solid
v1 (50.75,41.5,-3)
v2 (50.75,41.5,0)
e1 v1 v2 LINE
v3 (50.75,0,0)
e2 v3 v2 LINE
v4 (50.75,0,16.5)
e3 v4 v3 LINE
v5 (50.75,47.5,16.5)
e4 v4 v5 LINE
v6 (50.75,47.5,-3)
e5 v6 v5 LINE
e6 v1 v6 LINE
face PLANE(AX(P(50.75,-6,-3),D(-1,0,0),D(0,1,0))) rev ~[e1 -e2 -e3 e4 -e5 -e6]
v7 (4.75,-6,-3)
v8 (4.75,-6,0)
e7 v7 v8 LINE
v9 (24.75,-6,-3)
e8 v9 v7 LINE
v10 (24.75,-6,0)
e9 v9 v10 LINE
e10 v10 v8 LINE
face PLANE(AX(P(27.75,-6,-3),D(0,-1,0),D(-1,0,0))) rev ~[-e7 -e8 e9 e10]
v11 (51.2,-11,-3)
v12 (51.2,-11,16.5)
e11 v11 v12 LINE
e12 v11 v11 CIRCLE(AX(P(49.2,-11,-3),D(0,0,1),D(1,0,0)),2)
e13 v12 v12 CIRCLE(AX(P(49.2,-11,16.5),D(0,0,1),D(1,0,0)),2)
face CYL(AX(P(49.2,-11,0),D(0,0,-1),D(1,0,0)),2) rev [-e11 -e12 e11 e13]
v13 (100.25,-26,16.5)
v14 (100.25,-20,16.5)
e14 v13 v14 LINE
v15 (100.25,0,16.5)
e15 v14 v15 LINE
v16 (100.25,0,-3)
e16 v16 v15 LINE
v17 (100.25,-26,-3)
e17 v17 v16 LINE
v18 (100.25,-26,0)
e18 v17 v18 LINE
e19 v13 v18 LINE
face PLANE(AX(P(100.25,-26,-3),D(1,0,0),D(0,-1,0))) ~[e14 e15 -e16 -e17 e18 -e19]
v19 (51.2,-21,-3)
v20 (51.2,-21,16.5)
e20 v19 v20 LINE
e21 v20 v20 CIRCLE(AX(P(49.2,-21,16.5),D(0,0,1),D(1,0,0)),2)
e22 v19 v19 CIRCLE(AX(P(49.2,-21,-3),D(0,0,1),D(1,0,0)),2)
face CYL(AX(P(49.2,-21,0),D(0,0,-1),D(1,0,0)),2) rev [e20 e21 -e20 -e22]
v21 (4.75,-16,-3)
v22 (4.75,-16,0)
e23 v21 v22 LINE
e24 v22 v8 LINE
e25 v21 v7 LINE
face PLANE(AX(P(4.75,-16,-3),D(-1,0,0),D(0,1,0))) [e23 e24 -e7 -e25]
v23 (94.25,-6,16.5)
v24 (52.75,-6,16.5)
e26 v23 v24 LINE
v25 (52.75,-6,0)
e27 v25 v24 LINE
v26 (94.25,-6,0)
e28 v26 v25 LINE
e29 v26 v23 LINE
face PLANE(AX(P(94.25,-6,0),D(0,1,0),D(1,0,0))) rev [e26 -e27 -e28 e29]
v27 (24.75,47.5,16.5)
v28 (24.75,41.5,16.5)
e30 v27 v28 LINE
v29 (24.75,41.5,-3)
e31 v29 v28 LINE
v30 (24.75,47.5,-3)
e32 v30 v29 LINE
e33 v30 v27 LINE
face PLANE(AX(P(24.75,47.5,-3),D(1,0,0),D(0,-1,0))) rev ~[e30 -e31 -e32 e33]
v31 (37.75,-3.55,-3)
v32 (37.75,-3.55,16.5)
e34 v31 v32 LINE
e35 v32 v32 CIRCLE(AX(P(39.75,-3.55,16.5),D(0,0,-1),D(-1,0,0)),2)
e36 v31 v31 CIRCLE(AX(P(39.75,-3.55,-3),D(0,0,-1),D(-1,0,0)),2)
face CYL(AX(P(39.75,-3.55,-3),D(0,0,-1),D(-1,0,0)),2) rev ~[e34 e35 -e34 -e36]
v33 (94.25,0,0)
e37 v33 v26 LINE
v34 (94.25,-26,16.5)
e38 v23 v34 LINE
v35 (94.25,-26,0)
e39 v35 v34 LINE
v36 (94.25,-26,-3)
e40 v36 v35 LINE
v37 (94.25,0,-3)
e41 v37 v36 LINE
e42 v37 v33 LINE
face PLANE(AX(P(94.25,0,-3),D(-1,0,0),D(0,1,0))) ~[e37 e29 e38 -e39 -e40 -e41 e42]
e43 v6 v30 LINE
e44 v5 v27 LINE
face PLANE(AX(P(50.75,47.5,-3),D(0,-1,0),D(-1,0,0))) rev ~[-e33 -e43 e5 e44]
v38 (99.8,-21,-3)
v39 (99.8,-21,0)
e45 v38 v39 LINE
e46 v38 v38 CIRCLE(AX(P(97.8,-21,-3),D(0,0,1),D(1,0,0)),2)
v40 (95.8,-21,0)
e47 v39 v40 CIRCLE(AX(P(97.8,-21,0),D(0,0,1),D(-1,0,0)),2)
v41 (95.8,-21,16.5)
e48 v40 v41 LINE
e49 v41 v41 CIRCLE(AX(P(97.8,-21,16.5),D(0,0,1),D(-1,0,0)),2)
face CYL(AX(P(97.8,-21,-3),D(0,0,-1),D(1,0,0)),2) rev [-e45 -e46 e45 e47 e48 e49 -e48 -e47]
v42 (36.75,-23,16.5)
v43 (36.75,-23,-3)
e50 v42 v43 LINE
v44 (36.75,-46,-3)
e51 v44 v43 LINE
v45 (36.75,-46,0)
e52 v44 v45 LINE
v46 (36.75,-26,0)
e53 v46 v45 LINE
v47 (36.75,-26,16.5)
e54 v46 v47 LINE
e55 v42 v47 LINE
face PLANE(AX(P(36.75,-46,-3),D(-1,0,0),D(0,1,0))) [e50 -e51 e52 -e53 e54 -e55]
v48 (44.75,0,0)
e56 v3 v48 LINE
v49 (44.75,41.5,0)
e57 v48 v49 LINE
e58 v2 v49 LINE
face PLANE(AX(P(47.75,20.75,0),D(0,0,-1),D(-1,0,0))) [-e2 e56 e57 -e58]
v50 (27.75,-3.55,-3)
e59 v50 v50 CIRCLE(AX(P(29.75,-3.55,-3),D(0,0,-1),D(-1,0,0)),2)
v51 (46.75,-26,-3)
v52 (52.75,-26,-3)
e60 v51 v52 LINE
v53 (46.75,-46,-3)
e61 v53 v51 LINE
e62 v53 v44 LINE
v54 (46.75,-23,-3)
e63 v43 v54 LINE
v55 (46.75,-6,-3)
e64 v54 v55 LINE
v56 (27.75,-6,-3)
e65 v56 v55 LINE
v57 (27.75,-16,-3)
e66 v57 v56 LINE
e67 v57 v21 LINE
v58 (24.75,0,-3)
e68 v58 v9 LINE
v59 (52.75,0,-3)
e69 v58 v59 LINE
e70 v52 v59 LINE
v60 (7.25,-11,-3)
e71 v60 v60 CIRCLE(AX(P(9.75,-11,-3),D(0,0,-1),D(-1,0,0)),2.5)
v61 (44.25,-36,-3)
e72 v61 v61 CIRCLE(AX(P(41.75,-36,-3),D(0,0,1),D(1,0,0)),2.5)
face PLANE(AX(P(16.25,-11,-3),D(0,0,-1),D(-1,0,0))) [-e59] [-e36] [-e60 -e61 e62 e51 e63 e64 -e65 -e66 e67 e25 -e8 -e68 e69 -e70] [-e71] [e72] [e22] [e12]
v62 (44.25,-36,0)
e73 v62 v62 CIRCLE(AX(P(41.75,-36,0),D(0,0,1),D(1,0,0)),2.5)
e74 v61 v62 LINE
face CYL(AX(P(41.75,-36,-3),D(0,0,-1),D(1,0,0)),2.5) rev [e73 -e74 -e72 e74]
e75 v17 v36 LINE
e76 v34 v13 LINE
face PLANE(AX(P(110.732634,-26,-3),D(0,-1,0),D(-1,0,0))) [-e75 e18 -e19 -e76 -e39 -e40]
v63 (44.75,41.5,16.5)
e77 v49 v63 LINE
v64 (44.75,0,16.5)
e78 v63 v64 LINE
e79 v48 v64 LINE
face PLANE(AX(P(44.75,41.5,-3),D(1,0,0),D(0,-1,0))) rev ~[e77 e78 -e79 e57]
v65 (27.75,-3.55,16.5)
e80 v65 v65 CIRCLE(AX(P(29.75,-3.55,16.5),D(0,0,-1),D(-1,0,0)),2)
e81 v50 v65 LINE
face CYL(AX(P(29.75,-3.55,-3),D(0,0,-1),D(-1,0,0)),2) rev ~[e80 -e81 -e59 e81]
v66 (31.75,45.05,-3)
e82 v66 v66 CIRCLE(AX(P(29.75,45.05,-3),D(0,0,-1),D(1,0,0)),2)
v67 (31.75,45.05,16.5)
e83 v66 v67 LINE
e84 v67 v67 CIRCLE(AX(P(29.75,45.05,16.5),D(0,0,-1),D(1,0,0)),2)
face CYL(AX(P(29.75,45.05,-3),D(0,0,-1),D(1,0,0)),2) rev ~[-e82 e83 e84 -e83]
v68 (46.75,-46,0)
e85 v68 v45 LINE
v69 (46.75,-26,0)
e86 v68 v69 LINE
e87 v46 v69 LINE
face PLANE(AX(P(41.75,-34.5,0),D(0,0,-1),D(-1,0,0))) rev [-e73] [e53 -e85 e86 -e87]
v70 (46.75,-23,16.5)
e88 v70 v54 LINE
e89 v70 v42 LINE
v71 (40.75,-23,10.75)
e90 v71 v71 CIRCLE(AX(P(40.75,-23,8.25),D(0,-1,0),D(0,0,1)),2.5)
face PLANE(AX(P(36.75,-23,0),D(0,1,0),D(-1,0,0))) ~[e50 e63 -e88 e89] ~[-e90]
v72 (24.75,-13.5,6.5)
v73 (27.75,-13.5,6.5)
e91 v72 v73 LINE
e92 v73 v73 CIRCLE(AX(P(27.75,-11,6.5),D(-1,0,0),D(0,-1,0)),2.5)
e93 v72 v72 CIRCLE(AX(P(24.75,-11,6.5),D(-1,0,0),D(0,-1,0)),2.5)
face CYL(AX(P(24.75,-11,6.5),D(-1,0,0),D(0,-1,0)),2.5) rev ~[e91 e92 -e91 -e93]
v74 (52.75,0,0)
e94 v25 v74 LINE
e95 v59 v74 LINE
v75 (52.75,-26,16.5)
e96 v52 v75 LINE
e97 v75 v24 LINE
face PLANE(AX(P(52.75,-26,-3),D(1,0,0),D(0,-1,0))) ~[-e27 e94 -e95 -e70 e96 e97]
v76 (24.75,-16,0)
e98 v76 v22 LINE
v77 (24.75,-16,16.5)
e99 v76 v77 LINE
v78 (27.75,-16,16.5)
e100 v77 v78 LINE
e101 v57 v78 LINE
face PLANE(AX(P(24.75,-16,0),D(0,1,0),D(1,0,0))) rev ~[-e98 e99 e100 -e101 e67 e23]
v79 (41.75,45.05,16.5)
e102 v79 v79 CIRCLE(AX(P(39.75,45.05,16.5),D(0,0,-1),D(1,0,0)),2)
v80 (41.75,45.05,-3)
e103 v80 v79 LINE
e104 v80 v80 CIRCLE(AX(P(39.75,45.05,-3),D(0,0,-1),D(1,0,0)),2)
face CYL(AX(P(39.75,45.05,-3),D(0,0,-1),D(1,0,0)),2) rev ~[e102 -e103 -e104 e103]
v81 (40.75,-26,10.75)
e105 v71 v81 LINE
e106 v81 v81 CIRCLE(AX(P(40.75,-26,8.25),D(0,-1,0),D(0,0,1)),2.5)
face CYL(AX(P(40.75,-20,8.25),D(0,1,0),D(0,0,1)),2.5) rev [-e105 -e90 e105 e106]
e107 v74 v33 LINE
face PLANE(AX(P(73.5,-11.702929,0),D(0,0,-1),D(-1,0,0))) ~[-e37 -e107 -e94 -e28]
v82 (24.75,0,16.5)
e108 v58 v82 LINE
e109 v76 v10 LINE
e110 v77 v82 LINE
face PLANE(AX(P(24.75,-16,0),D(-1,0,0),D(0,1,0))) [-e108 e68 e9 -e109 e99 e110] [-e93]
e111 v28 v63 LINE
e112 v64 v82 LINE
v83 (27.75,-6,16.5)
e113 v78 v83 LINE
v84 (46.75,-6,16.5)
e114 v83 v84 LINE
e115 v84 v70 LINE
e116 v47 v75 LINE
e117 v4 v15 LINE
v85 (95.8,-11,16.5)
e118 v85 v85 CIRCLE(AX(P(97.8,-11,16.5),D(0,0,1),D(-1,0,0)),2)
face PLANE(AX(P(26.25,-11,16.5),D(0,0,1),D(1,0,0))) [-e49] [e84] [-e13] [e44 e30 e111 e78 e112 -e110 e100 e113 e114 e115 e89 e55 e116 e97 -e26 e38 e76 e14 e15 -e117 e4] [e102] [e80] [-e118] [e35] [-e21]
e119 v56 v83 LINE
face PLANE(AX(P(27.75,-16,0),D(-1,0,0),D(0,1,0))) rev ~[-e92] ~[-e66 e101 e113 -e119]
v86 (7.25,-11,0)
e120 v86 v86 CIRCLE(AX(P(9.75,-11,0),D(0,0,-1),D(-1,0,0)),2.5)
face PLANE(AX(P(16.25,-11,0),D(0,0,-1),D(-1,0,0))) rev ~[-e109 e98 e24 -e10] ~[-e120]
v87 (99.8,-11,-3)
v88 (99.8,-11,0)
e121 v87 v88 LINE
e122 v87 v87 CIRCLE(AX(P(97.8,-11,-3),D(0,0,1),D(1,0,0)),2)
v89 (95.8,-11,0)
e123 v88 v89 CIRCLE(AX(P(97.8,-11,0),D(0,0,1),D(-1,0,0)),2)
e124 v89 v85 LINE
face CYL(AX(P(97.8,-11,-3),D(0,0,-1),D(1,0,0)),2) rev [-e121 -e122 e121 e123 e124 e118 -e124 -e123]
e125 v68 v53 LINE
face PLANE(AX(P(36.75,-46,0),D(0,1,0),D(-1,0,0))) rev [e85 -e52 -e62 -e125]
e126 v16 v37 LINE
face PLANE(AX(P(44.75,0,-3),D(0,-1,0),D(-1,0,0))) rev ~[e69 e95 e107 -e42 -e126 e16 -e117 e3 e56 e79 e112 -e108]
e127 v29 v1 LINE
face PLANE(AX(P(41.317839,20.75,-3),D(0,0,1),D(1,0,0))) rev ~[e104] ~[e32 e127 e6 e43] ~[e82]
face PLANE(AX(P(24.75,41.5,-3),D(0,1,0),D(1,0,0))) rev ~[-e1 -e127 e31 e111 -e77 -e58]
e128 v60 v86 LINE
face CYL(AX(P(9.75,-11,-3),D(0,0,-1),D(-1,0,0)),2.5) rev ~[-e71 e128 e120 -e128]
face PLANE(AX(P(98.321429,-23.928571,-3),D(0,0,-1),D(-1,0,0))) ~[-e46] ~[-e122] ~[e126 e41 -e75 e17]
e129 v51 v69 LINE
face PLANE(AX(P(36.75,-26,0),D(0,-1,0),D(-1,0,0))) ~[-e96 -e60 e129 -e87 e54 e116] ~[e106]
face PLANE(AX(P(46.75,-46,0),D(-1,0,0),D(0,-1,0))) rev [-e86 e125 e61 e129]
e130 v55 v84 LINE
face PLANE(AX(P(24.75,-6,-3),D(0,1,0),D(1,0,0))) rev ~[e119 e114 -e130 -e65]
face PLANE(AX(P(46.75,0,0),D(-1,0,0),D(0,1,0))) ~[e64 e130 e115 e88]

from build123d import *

# Parameters (mm, degrees)
EXTRUDE_1_DEPTH      = 16.5
SKETCH_2_R           = 2.5
CUT_EXTRUDE_1_DEPTH  = 16.5
SKETCH_3_W           = 10
SKETCH_3_H           = 16.5
CUT_EXTRUDE_2_DEPTH  = 3
SKETCH_4_W           = 11.896315449
SKETCH_4_H           = 29.084641161
CUT_EXTRUDE_3_DEPTH  = 48.945933091
SKETCH_5_R           = 2
CUT_EXTRUDE_4_DEPTH  = 48.945933091
SKETCH_6_W           = 10
SKETCH_6_H           = 23
EXTRUDE_2_DEPTH      = 3
SKETCH_7_R           = 2.5
CUT_EXTRUDE_5_DEPTH  = 3
EXTRUDE_START        = 3
SKETCH_8_R           = 2
SKETCH_8_W           = 6
SKETCH_8_H           = 26
EXTRUDE_3_DEPTH      = 3
SKETCH_9_R           = 2.5
CUT_EXTRUDE_6_DEPTH  = 3
SKETCH_10_W          = 74.694005649
SKETCH_10_H          = 52.095093629
CUT_EXTRUDE_7_DEPTH  = 116.604119736
SKETCH_11_W          = 16.482634167
SKETCH_11_H          = 25.810545036
CUT_EXTRUDE_8_DEPTH  = 10
SKETCH_13_R          = 2
EXTRUDE_4_DEPTH      = 19.5
SKETCH_14_W          = 6
SKETCH_14_H          = 41.5
CUT_EXTRUDE_9_DEPTH  = 3
SKETCH_15_W          = 23
SKETCH_15_H          = 10
SKETCH_15_R          = 2.5
EXTRUDE_5_DEPTH      = 3
SKETCH_16_W          = 3
SKETCH_16_H          = 10
EXTRUDE_6_DEPTH      = 16.5
SKETCH_17_R          = 2.5
CUT_EXTRUDE_10_DEPTH = 3


with BuildPart() as part:
    # 草图1 → 凸台-拉伸1 (new body)
    with BuildSketch(Plane.XY):
        Polygon((0, 0), (26.75, 0), (26.75, -20), (36.75, -20), (36.75, -26), (20.75, -26), (20.75, -6), (0, -6), (-20.75, -6), (-20.75, -26), (-36.75, -26), (-36.75, -20), (-26.75, -20), (-26.75, 0), align=None)
    extrude(amount=EXTRUDE_1_DEPTH)

    # 草图2 → 切除-拉伸1 (cut)
    with BuildSketch(Plane(origin=(0, -20, 0), x_dir=(1, 0, 0), z_dir=(0, 1, 0))):
        with Locations(Location((32.75, -8.25, 0), (0, 0, 270))):
            Circle(SKETCH_2_R)
    extrude(amount=-CUT_EXTRUDE_1_DEPTH, mode=Mode.SUBTRACT)

    # 草图3 → 切除-拉伸2 (cut)
    with BuildSketch(Plane(origin=(0, -20, 0), x_dir=(1, 0, 0), z_dir=(0, 1, 0))):
        with Locations((31.75, -8.25)):
            Rectangle(SKETCH_3_W, SKETCH_3_H)
    extrude(amount=-CUT_EXTRUDE_2_DEPTH, mode=Mode.SUBTRACT)

    # 草图4 → 切除-拉伸3 (cut, through all)
    with BuildSketch(Plane.XY.offset(16.5)):
        with Locations((-32.698157724, -14.542320581)):
            Rectangle(SKETCH_4_W, SKETCH_4_H)
    extrude(amount=-CUT_EXTRUDE_3_DEPTH, mode=Mode.SUBTRACT)

    # 草图5 → 切除-拉伸4 (cut, through all)
    with BuildSketch(Plane(origin=(0, 0, 0), x_dir=(-1, 0, 0), z_dir=(0, 0, -1))):
        with Locations((-24.3, -11)):
            Circle(SKETCH_5_R)
        with Locations((-24.3, -21)):
            Circle(SKETCH_5_R)
        with Locations(Location((24.3, -21, 0), (0, 0, 180))):
            Circle(SKETCH_5_R)
        with Locations(Location((24.3, -11, 0), (0, 0, 180))):
            Circle(SKETCH_5_R)
    extrude(amount=-CUT_EXTRUDE_4_DEPTH, mode=Mode.SUBTRACT)

    # 草图6 → 凸台-拉伸2 (add)
    with BuildSketch(Plane(origin=(0, 0, 0), x_dir=(-1, 0, 0), z_dir=(0, 0, -1))):
        with Locations((-31.75, -34.5)):
            Rectangle(SKETCH_6_W, SKETCH_6_H)
    extrude(amount=EXTRUDE_2_DEPTH)

    # 草图7 → 切除-拉伸5 (cut)
    with BuildSketch(Plane(origin=(0, 0, -3), x_dir=(-1, 0, 0), z_dir=(0, 0, -1))):
        with Locations((-31.75, -36)):
            Circle(SKETCH_7_R)
    extrude(amount=-CUT_EXTRUDE_5_DEPTH, mode=Mode.SUBTRACT)

    # 草图8 → 凸台-拉伸3 (add)
    # profile 1 of 2: a face of its own
    with BuildSketch(Plane(origin=(0, 0, 0), x_dir=(-1, 0, 0), z_dir=(0, 0, -1)).offset(EXTRUDE_START)):
        Polygon((26.75, 0), (20.75, 0), (20.75, -46), (26.75, -46), (30.75, -46), (30.75, -26), (26.75, -26), align=None)
        with Locations((24.3, -21)):
            Circle(SKETCH_8_R, mode=Mode.SUBTRACT)
        with Locations((24.3, -11)):
            Circle(SKETCH_8_R, mode=Mode.SUBTRACT)
    # profile 2 of 2: a face of its own
    with BuildSketch(Plane(origin=(0, 0, 0), x_dir=(-1, 0, 0), z_dir=(0, 0, -1)).offset(EXTRUDE_START)):
        with Locations((-23.75, -13)):
            Rectangle(SKETCH_8_W, SKETCH_8_H)
        with Locations((-24.3, -11)):
            Circle(SKETCH_8_R, mode=Mode.SUBTRACT)
        with Locations((-24.3, -21)):
            Circle(SKETCH_8_R, mode=Mode.SUBTRACT)
    extrude(amount=-EXTRUDE_3_DEPTH)

    # 草图9 → 切除-拉伸6 (cut)
    with BuildSketch(Plane(origin=(0, 0, -3), x_dir=(-1, 0, 0), z_dir=(0, 0, -1))):
        with Locations((25.75, -36)):
            Circle(SKETCH_9_R)
    extrude(amount=-CUT_EXTRUDE_6_DEPTH, mode=Mode.SUBTRACT)

    # 镜向1: part across plane


with BuildPart() as part_1:
    add(part.part)
    add(part.part.mirror(Plane(origin=(36.75, -20, 16.5), x_dir=(0, 0, 1), z_dir=(-1, 0, 0))))

    # 草图10 → 切除-拉伸7 (cut, through all)
    with BuildSketch(Plane(origin=(0, 0, -3), x_dir=(-1, 0, 0), z_dir=(0, 0, -1))):
        with Locations((0.597002825, -19.952453186)):
            Rectangle(SKETCH_10_W, SKETCH_10_H)
    extrude(amount=-CUT_EXTRUDE_7_DEPTH, mode=Mode.SUBTRACT)

    # 草图11 → 切除-拉伸8 (cut)
    with BuildSketch(Plane(origin=(0, 0, -3), x_dir=(-1, 0, 0), z_dir=(0, 0, -1))):
        with Locations((-102.491317084, -38.905272518)):
            Rectangle(SKETCH_11_W, SKETCH_11_H)
    extrude(amount=-CUT_EXTRUDE_8_DEPTH, mode=Mode.SUBTRACT)

    # 草图13 → 凸台-拉伸4 (add)
    with BuildSketch(Plane(origin=(0, 0, -3), x_dir=(-1, 0, 0), z_dir=(0, 0, -1))):
        Polygon((-24.75, -6), (-50.75, -6), (-50.75, 47.5), (-24.75, 47.5), (-24.75, 41.5), (-44.75, 41.5), (-44.75, 0), (-24.75, 0), align=None)
        with Locations((-29.75, -3.55)):
            Circle(SKETCH_13_R, mode=Mode.SUBTRACT)
        with Locations((-39.75, -3.55)):
            Circle(SKETCH_13_R, mode=Mode.SUBTRACT)
        with Locations(Location((-39.75, 45.05, 0), (0, 0, 180))):
            Circle(SKETCH_13_R, mode=Mode.SUBTRACT)
        with Locations(Location((-29.75, 45.05, 0), (0, 0, 180))):
            Circle(SKETCH_13_R, mode=Mode.SUBTRACT)
    extrude(amount=-EXTRUDE_4_DEPTH)

    # 草图14 → 切除-拉伸9 (cut)
    with BuildSketch(Plane(origin=(0, 0, -3), x_dir=(-1, 0, 0), z_dir=(0, 0, -1))):
        with Locations((-47.75, 20.75)):
            Rectangle(SKETCH_14_W, SKETCH_14_H)
    extrude(amount=-CUT_EXTRUDE_9_DEPTH, mode=Mode.SUBTRACT)

    # 草图15 → 凸台-拉伸5 (add)
    with BuildSketch(Plane(origin=(0, 0, -3), x_dir=(-1, 0, 0), z_dir=(0, 0, -1))):
        with Locations((-16.25, -11)):
            Rectangle(SKETCH_15_W, SKETCH_15_H)
        with Locations((-9.75, -11)):
            Circle(SKETCH_15_R, mode=Mode.SUBTRACT)
    extrude(amount=-EXTRUDE_5_DEPTH)

    # 草图16 → 凸台-拉伸6 (add)
    with BuildSketch(Plane.XY):
        with Locations((26.25, -11)):
            Rectangle(SKETCH_16_W, SKETCH_16_H)
    extrude(amount=EXTRUDE_6_DEPTH)

    # 草图17 → 切除-拉伸10 (cut)
    with BuildSketch(Plane.ZY.offset(-24.75)):
        with Locations(Location((6.5, -11, 0), (0, 0, 270))):
            Circle(SKETCH_17_R)
    extrude(amount=-CUT_EXTRUDE_10_DEPTH, mode=Mode.SUBTRACT)


solid = part_1.part
